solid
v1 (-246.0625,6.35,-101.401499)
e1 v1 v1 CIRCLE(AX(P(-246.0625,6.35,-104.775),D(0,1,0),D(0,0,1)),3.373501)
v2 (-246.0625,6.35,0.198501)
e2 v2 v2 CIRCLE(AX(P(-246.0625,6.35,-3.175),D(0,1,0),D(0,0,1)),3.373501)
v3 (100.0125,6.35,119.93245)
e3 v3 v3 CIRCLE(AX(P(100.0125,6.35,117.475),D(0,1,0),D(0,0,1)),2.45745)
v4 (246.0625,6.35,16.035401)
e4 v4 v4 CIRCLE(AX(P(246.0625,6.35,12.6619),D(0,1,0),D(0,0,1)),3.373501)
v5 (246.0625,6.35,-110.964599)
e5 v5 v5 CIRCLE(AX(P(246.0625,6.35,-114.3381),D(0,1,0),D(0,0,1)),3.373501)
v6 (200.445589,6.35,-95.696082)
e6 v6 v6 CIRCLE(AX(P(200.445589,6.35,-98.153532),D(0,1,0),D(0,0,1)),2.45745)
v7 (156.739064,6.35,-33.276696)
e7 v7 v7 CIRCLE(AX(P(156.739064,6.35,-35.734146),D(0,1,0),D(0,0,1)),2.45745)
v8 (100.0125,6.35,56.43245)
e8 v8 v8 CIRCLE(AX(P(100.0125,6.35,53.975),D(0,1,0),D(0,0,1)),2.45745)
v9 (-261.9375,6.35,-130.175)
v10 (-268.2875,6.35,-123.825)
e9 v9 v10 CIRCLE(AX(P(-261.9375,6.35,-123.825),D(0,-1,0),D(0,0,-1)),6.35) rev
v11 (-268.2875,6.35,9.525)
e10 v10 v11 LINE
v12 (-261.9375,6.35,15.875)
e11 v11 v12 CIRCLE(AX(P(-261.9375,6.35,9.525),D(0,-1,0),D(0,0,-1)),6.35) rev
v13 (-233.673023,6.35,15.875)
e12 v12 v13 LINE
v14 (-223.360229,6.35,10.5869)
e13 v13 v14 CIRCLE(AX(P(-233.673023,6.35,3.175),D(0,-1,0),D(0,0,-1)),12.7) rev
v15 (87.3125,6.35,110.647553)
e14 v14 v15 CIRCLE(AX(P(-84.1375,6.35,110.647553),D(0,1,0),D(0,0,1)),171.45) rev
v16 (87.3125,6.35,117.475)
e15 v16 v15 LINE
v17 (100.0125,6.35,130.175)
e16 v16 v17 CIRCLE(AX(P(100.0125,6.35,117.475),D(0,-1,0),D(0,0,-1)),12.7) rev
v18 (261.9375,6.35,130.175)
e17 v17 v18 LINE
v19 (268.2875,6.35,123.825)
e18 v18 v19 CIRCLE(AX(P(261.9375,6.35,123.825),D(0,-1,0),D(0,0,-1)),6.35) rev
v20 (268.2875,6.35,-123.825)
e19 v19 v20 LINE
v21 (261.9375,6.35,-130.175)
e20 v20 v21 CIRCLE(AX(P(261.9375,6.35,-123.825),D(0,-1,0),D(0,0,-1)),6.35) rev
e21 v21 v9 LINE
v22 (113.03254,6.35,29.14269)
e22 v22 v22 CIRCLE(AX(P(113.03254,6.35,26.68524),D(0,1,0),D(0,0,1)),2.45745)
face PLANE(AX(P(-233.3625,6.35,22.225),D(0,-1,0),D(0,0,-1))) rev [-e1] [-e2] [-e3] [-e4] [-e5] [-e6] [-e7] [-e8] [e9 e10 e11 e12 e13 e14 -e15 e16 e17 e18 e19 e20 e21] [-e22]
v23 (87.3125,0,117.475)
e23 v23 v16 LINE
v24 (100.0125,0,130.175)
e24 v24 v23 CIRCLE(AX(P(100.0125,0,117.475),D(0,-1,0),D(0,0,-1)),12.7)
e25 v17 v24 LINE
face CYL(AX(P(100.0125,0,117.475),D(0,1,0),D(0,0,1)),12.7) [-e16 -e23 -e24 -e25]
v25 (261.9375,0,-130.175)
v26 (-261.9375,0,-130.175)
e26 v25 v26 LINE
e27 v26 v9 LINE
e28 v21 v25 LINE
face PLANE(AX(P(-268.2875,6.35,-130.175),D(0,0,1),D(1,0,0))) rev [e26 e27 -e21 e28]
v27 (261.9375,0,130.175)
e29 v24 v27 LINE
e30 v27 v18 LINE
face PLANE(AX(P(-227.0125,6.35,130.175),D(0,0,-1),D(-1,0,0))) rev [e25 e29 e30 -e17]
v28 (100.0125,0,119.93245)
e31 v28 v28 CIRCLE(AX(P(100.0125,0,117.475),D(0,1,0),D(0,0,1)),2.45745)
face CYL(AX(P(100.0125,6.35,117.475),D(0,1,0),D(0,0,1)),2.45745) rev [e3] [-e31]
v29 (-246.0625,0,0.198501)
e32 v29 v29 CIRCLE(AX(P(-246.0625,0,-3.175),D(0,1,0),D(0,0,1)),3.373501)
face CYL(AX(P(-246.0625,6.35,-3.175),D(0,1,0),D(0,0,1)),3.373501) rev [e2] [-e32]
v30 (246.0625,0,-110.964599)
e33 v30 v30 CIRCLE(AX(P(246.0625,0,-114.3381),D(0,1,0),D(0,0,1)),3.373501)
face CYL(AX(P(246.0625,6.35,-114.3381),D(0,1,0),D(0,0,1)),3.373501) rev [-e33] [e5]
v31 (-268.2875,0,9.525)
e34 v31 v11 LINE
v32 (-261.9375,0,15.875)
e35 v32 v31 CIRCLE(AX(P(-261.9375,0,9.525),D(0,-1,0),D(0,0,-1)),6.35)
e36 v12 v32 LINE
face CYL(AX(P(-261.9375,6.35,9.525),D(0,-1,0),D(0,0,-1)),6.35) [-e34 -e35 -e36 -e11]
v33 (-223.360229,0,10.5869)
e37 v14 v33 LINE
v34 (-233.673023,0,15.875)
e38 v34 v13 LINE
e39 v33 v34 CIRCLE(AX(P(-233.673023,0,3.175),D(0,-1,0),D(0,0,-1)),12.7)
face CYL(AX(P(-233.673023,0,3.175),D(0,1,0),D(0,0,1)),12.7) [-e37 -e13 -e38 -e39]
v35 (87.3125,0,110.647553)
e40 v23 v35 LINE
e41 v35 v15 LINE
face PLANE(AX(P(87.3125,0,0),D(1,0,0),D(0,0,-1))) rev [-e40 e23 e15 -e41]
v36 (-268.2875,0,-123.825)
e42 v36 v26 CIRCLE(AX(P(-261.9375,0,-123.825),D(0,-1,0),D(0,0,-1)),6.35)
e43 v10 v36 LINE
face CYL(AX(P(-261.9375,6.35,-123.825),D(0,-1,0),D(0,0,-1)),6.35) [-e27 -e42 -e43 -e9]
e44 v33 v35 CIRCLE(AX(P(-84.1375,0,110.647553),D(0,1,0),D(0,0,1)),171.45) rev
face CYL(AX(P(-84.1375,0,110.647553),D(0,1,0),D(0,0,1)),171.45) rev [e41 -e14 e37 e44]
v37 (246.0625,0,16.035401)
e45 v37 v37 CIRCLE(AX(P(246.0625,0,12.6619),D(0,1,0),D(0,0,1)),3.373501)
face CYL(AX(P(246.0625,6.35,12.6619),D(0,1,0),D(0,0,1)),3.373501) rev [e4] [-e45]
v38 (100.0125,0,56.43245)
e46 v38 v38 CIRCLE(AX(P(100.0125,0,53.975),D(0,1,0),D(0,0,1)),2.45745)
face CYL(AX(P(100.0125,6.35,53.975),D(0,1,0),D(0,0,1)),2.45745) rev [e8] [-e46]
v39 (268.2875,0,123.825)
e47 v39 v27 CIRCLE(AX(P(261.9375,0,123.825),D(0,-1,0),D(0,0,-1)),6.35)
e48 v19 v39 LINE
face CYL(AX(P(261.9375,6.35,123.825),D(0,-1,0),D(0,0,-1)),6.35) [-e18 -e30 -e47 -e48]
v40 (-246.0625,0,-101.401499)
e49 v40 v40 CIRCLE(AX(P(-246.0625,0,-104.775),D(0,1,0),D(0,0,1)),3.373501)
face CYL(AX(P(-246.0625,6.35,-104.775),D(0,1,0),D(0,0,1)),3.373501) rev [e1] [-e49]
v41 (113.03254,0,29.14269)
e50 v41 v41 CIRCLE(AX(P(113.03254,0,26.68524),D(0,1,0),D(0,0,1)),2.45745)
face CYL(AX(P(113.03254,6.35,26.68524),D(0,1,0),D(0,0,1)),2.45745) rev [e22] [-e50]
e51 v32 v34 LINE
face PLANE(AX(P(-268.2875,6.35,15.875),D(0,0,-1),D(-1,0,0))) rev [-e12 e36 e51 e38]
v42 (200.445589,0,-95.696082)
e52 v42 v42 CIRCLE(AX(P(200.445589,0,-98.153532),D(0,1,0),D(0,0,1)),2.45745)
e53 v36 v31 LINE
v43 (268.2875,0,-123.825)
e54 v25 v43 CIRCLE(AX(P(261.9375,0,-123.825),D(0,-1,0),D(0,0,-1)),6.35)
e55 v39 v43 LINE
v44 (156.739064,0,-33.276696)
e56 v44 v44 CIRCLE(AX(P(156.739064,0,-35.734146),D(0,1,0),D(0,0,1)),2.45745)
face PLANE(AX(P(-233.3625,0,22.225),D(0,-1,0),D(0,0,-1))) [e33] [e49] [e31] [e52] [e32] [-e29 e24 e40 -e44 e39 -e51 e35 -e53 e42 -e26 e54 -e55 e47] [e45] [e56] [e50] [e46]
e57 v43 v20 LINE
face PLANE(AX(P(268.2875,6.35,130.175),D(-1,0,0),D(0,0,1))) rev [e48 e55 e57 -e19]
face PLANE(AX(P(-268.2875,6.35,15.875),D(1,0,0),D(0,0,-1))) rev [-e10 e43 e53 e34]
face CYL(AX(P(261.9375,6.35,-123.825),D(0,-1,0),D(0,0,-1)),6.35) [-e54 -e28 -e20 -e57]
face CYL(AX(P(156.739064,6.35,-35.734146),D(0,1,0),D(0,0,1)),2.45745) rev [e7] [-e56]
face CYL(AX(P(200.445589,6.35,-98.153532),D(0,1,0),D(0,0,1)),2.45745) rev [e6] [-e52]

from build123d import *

# Parameters (mm, degrees)
BOSS_EXTRUDE1_DEPTH              = 6.35
F_17_64_0_26563_DIAMETER_HOLE1_D = 6.747002
FILLET1_R                        = 6.35
F_10_0_1935_DIAMETER_HOLE1_D     = 4.9149
SKETCH8_R                        = 3.373501
CUT_EXTRUDE1_DEPTH               = 299.268395545
FILLET2_R                        = 12.7


with BuildPart() as part:
    # Sketch1 → Boss-Extrude1 (new body)
    with BuildSketch(Plane(origin=(0, 0, 0), x_dir=(1, 0, 0), z_dir=(0, 1, 0))):
        with BuildLine():
            Line((-268.2875, -15.875), (-233.3625, -15.875))
            ThreePointArc((-233.3625, -15.875), (-228.872371939, -17.734871939), (-227.0125, -22.225))
            Line((-227.0125, -22.225), (-227.0125, -130.175))
            Line((-227.0125, -130.175), (268.2875, -130.175))
            Line((268.2875, -130.175), (268.2875, 130.175))
            Line((268.2875, 130.175), (-268.2875, 130.175))
            Line((-268.2875, 130.175), (-268.2875, -15.875))
        make_face()
    extrude(amount=BOSS_EXTRUDE1_DEPTH)

    # 17/64 (0.26563) Diameter Hole1 (through all)
    with Locations(Plane(origin=(0, 6.35, 0), x_dir=(1, 0, 0), z_dir=(0, 1, 0))):
        with Locations((-246.0625, 104.775), (-246.0625, 3.175), (-220.6625, -53.975), (-220.6625, -117.475), (246.0625, 114.3381), (246.0625, -12.6619)):
            Hole(F_17_64_0_26563_DIAMETER_HOLE1_D / 2)

    # Fillet1
    fillet1_edges = [part.edges().sort_by_distance(p)[0] for p in [
        (268.2875, 3.175, 130.175),
        (-227.0125, 3.175, 130.175),
        (-268.2875, 3.175, 15.875),
        (-268.2875, 3.175, -130.175),
        (268.2875, 3.175, -130.175),
    ]]
    fillet(fillet1_edges, radius=FILLET1_R)

    # #10 (0.1935) Diameter Hole1 (through all)
    with Locations(Plane(origin=(0, 6.35, 0), x_dir=(1, 0, 0), z_dir=(0, 1, 0))):
        with Locations((200.4455889, 98.15353155), (156.73906445, 35.734145775), (113.03254, -26.68524), (100.0125, -53.975), (100.0125, -117.475)):
            Hole(F_10_0_1935_DIAMETER_HOLE1_D / 2)

    # Sketch8 → Cut-Extrude1 (cut, through all)
    with BuildSketch(Plane(origin=(0, 6.35, 0), x_dir=(1, 0, 0), z_dir=(0, 1, 0))):
        with BuildLine():
            Line((-220.6625, -130.175), (87.3125, -130.175))
            Line((87.3125, -130.175), (87.3125, -110.647553384))
            ThreePointArc((87.3125, -110.647553384), (-34.644148174, 53.50332424), (-227.0125, -15.875))
            Line((-227.0125, -15.875), (-233.3625, -15.875))
            ThreePointArc((-233.3625, -15.875), (-228.872371939, -17.734871939), (-227.0125, -22.225))
            Line((-227.0125, -22.225), (-227.0125, -123.825))
            ThreePointArc((-227.0125, -123.825), (-225.152628061, -128.315128061), (-220.6625, -130.175))
        make_face()
        with Locations((-220.6625, -117.475)):
            Circle(SKETCH8_R, mode=Mode.SUBTRACT)
        with Locations((-220.6625, -53.975)):
            Circle(SKETCH8_R, mode=Mode.SUBTRACT)
    extrude(amount=-CUT_EXTRUDE1_DEPTH, mode=Mode.SUBTRACT)

    # Fillet2
    fillet2_edges = [part.edges().sort_by_distance(p)[0] for p in [
        (-227.0125, 3.175, 15.875),
        (87.3125, 3.175, 130.175),
    ]]
    fillet(fillet2_edges, radius=FILLET2_R)


solid = part.part
